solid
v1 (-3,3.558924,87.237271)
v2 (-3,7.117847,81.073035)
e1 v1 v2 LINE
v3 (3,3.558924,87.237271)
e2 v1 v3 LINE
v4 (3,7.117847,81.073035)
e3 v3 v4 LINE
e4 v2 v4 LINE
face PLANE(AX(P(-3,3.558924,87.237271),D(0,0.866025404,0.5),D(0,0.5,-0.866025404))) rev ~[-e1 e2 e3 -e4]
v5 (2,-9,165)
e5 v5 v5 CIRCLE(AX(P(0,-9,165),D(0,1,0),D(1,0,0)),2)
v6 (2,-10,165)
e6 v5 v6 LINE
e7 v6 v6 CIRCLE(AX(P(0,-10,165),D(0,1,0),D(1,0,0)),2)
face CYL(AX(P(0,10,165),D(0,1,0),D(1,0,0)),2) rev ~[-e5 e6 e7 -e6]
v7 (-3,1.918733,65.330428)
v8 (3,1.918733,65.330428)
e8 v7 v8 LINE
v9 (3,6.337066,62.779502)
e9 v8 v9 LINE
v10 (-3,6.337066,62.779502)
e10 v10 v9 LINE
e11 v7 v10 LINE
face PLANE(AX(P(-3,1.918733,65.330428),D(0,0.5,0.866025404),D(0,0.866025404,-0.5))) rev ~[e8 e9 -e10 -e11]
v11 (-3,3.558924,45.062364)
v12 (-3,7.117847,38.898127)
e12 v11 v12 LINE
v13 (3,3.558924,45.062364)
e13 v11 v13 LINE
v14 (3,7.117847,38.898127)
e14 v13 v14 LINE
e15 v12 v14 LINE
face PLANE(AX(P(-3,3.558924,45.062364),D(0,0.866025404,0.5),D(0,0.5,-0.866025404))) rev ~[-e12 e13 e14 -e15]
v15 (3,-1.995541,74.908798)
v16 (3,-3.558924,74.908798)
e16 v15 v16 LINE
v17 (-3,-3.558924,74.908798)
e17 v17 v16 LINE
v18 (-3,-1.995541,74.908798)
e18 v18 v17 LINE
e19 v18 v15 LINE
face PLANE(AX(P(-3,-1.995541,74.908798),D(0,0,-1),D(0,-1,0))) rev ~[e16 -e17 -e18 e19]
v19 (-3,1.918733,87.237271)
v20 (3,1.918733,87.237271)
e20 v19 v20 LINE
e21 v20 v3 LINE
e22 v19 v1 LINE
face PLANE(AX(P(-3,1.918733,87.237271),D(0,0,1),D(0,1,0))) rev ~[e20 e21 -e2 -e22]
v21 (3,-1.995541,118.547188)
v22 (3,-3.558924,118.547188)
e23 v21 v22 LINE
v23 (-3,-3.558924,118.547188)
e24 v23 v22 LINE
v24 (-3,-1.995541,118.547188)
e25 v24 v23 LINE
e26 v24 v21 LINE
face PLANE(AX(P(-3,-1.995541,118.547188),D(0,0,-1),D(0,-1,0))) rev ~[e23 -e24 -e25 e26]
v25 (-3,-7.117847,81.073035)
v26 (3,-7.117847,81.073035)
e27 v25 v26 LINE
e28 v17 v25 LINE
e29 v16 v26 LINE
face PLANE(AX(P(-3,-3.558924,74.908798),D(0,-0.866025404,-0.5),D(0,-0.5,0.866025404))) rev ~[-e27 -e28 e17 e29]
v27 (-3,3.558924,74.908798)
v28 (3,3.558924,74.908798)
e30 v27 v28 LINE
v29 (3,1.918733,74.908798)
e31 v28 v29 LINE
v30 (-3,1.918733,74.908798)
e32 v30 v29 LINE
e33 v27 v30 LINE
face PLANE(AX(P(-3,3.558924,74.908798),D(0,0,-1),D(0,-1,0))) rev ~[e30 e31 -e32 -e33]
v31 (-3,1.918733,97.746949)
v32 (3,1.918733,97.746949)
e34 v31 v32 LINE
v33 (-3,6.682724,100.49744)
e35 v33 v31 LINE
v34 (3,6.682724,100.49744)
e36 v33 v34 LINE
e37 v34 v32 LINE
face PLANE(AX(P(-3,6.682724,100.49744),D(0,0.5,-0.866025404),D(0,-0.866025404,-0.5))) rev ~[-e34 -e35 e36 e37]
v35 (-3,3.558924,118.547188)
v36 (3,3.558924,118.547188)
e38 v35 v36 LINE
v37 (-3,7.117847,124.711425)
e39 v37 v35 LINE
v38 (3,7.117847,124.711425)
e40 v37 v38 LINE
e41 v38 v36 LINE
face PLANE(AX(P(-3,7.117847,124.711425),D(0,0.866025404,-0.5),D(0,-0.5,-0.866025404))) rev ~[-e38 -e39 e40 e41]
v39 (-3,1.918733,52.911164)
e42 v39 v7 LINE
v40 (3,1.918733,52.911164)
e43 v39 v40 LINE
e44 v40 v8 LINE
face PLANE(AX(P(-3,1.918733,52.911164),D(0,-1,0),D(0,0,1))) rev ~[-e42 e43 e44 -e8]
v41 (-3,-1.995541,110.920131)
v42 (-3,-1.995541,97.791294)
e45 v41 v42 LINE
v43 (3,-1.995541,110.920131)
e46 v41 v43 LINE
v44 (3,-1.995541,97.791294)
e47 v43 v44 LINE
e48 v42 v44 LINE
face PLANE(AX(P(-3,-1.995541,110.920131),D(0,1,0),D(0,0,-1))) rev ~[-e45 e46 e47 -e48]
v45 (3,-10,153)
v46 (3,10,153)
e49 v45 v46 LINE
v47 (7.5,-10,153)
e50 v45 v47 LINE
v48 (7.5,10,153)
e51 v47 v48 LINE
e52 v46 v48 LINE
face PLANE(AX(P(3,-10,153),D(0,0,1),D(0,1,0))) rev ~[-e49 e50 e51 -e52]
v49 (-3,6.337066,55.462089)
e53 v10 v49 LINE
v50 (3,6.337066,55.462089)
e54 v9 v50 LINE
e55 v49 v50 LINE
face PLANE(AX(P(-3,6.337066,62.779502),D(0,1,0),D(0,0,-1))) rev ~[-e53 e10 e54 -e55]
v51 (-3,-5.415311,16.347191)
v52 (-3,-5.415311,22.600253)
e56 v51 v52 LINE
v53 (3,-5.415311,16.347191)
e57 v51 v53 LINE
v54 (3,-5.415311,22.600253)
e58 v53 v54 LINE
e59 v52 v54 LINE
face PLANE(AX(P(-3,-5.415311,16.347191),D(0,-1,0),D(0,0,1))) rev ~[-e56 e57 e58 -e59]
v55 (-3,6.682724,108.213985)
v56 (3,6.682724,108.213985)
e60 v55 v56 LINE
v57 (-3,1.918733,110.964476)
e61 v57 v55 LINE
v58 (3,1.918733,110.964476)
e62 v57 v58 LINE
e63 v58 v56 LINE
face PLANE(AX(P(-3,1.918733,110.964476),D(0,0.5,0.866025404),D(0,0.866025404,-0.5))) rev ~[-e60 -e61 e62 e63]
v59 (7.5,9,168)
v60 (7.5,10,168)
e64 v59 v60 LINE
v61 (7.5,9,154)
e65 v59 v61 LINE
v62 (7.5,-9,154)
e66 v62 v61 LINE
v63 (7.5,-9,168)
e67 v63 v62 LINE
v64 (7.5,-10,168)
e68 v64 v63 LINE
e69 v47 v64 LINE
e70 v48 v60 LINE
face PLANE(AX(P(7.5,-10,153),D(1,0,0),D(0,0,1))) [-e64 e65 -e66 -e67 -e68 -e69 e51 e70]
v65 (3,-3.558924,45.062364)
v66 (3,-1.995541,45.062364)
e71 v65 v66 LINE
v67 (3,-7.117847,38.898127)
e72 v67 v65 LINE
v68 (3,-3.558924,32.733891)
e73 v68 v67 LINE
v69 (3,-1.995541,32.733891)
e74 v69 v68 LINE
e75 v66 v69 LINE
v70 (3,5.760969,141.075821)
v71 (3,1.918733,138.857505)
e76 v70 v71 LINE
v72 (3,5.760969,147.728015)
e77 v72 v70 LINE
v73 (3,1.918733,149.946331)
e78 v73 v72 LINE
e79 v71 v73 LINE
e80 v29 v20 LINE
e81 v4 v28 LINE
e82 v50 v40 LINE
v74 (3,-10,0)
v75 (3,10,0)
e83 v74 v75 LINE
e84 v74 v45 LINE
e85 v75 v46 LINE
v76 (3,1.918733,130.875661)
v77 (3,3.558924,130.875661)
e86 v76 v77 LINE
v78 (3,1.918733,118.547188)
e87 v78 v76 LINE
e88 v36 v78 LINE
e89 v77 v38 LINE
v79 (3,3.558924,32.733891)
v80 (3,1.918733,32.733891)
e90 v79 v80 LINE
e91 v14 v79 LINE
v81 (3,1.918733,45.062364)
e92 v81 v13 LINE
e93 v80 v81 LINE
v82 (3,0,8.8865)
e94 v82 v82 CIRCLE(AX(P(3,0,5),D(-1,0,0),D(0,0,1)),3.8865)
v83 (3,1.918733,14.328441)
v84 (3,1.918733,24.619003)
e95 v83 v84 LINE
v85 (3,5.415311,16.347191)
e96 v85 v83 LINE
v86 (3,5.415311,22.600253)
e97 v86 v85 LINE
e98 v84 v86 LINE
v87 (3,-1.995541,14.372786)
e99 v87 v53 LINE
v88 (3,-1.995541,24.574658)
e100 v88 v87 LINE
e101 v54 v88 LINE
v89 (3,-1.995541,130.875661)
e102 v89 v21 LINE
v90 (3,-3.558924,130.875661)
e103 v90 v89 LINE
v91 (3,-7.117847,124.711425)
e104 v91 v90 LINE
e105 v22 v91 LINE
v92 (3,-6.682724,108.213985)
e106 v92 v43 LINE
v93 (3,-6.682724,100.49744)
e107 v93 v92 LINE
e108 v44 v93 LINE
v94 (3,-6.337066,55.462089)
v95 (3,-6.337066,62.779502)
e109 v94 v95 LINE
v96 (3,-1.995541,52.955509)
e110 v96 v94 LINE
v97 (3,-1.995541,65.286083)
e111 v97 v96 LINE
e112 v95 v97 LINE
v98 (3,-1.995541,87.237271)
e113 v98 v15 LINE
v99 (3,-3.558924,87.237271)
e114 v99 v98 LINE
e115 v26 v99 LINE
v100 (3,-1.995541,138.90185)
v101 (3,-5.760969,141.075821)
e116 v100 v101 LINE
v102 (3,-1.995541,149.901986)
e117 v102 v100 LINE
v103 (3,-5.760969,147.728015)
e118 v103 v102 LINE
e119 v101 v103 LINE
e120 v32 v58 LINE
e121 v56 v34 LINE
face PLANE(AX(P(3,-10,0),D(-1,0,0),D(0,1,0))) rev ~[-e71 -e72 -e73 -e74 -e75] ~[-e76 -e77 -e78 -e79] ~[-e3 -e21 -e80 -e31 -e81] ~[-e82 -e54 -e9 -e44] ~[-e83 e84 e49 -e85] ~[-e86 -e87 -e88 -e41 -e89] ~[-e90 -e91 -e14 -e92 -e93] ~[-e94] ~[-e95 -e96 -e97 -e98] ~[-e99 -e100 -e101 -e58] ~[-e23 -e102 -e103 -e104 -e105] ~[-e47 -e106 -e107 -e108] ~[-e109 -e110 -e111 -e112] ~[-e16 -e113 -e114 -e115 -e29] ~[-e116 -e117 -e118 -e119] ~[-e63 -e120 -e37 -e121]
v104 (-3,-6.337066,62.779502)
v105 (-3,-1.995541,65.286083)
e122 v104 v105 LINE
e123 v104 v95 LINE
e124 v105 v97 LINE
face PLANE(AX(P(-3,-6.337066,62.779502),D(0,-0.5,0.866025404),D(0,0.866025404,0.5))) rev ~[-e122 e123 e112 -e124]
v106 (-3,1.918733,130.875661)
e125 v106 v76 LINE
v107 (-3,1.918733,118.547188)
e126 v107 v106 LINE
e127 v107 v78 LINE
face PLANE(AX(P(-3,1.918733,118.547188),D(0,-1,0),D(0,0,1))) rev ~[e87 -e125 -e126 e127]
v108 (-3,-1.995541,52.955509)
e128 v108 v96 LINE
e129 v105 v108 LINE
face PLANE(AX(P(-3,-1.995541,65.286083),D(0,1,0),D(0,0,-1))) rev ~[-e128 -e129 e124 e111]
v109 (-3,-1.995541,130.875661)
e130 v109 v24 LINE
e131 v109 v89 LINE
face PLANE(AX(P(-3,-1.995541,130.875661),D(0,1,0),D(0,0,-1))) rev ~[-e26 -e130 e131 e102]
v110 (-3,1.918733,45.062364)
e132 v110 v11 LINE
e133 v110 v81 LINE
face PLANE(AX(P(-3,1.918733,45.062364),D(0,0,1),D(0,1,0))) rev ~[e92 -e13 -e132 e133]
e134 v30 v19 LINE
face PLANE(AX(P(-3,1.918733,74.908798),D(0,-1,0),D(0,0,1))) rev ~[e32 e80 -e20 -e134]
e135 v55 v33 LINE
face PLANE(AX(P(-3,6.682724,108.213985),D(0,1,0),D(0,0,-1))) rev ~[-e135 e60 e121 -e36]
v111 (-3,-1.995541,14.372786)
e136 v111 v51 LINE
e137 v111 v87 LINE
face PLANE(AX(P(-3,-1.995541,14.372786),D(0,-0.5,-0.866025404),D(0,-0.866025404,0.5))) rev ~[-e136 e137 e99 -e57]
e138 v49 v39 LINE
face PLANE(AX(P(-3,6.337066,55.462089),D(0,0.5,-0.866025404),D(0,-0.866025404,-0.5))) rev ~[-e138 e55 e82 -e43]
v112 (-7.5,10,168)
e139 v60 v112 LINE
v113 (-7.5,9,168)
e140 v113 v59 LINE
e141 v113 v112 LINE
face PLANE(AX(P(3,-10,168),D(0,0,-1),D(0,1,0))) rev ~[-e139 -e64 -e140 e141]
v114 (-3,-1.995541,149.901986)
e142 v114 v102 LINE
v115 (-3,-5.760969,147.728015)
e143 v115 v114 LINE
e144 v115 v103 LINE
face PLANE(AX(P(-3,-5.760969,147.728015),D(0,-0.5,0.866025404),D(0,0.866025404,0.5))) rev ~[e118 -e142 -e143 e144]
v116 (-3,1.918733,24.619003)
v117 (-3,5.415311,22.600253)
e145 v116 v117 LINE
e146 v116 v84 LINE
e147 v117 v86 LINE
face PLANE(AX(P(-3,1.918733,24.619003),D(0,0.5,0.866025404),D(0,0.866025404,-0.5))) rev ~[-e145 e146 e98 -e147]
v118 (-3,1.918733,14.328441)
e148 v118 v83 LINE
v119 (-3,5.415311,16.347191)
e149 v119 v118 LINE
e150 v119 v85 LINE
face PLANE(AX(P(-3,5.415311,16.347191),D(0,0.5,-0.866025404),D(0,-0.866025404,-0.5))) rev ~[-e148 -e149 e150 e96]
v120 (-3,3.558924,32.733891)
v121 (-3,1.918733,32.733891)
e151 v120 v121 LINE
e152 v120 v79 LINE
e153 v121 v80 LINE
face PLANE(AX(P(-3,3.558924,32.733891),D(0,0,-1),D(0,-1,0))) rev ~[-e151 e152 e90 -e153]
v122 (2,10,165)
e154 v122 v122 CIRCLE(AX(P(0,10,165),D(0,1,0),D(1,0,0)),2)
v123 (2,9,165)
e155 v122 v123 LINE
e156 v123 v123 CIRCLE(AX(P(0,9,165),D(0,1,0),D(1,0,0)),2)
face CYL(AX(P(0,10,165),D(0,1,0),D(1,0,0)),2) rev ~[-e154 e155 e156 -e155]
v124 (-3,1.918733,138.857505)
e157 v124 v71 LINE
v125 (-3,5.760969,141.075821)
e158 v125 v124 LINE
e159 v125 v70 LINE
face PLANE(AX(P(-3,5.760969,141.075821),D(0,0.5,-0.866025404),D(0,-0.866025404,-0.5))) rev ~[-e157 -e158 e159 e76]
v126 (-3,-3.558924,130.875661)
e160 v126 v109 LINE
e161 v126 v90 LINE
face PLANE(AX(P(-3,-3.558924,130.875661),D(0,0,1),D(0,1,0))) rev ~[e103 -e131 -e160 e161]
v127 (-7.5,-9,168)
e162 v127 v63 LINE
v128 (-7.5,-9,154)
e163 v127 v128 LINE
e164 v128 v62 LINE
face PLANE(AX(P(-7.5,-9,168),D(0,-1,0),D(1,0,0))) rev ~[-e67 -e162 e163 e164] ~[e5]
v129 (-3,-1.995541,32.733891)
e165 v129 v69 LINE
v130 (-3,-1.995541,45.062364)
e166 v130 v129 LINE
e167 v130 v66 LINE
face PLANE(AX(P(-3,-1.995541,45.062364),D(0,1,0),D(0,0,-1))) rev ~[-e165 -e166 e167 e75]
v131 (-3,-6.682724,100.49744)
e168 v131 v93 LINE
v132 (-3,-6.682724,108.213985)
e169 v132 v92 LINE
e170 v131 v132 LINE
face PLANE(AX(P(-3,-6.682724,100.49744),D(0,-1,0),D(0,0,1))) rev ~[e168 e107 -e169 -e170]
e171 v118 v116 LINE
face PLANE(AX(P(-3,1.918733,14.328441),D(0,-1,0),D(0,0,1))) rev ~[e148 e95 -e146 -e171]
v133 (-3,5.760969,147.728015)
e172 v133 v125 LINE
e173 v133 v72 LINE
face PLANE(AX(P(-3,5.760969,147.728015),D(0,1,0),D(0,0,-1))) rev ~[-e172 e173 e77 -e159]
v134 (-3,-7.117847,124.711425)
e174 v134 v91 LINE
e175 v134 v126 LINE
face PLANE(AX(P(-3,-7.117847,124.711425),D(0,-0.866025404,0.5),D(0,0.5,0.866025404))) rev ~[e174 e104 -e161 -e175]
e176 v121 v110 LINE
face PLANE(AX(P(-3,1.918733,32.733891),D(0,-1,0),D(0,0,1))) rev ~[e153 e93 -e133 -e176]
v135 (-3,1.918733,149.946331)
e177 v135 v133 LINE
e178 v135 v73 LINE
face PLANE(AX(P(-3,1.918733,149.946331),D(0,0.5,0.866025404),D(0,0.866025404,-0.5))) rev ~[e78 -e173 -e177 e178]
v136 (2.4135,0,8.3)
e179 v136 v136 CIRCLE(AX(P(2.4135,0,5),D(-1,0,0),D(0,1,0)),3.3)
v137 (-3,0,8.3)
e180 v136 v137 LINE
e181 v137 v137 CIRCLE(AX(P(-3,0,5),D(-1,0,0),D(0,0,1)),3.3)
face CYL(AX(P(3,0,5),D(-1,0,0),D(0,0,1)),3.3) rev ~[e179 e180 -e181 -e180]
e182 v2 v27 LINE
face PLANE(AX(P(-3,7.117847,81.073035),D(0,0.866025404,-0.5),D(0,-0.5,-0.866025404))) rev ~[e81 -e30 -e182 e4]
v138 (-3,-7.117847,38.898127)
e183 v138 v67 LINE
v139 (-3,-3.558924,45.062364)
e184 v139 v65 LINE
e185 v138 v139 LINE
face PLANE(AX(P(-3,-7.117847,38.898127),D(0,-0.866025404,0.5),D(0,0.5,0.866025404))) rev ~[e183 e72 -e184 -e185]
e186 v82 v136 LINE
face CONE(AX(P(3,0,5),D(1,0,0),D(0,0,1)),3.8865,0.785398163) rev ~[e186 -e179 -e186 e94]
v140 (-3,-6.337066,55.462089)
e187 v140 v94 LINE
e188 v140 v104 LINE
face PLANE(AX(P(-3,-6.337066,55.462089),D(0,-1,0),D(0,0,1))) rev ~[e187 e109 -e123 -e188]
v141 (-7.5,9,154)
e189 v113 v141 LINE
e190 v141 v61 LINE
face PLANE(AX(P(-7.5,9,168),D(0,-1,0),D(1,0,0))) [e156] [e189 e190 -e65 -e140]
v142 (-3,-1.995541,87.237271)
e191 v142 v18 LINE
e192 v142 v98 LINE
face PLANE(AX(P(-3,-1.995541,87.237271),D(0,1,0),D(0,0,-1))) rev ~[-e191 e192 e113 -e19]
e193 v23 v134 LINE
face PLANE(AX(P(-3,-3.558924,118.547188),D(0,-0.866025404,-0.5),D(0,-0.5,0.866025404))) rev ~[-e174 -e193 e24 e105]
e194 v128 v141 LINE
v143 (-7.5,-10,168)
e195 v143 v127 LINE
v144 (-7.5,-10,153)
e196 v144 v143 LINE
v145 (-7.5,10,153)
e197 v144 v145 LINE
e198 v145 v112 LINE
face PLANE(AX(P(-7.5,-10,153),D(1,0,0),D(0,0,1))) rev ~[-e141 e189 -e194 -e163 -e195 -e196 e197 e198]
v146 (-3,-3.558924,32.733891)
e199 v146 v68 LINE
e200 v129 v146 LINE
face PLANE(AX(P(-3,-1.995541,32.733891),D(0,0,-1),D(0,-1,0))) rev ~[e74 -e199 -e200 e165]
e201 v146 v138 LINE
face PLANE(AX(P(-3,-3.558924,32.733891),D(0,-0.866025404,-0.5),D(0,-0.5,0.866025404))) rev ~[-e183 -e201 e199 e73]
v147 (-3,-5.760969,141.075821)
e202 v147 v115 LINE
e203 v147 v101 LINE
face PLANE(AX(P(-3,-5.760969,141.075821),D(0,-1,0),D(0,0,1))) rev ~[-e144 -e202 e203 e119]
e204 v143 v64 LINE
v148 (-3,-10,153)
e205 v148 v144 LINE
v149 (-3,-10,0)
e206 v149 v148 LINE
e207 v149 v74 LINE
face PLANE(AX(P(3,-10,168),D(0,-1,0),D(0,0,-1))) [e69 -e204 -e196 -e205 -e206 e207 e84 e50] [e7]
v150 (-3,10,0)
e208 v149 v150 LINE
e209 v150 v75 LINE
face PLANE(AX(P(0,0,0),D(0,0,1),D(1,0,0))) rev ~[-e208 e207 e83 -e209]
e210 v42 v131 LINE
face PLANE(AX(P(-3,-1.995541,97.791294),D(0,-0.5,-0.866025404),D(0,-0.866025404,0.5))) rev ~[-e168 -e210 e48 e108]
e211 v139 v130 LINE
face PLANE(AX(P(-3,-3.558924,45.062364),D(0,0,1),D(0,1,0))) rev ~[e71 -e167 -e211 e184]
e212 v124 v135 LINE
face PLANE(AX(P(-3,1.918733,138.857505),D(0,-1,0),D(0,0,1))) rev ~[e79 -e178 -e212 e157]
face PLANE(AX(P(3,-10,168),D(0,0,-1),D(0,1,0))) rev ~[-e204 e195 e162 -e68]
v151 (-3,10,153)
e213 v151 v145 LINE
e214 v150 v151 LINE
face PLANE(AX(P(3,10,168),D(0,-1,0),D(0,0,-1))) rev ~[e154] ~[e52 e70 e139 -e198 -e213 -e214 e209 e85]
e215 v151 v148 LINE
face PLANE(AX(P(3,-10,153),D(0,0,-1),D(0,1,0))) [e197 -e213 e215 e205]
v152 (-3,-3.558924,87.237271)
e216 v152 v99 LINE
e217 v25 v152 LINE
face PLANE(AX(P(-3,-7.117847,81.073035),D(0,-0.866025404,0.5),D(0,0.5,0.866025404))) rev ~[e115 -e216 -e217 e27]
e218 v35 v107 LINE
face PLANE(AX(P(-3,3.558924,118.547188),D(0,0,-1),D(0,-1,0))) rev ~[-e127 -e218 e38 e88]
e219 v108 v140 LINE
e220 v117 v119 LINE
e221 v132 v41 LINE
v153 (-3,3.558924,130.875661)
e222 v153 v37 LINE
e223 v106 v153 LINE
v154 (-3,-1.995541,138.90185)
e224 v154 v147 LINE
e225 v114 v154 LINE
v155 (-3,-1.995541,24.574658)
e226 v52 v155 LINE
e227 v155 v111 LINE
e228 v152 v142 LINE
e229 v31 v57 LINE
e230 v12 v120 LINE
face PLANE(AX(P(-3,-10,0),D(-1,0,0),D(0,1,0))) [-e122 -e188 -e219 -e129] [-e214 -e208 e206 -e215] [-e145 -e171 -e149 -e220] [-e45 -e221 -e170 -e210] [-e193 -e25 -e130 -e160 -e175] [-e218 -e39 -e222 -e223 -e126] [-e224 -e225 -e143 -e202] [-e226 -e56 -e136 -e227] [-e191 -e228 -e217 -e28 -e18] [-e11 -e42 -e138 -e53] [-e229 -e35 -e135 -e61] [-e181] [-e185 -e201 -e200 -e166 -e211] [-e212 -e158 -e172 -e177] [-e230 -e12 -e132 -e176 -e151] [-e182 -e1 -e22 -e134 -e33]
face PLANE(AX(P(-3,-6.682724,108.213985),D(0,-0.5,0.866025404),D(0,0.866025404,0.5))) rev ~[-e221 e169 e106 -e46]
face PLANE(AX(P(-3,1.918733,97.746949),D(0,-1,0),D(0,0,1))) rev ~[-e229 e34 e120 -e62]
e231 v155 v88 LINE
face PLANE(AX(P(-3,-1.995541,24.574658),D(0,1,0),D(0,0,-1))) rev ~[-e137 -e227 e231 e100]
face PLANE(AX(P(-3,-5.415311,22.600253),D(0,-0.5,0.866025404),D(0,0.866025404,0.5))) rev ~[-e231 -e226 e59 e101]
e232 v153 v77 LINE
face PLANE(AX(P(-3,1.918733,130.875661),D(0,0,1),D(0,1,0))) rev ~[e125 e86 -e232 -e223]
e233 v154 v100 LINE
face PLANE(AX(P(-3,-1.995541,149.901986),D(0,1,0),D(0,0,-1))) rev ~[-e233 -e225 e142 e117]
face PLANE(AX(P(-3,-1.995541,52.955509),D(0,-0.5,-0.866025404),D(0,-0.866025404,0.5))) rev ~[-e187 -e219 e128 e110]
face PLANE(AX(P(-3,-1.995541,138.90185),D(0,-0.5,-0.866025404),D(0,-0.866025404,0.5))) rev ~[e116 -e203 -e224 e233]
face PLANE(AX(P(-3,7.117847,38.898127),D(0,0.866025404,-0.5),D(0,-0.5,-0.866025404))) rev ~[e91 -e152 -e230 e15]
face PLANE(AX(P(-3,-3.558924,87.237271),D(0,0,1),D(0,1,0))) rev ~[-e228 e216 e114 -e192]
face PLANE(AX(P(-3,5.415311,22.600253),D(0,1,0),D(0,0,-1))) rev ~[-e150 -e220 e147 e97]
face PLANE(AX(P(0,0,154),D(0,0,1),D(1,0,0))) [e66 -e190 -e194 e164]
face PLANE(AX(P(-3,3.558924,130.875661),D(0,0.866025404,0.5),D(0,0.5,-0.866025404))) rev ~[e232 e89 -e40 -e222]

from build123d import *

# Parameters (mm, degrees)
SKETCH_1_W                      = 6
SKETCH_1_H                      = 20
EXTRUDE_1_DEPTH                 = 165
HOLE_WIZARD_G1_16_1_D           = 6.6
HOLE_WIZARD_G1_16_1_DEPTH       = 50
HOLE_WIZARD_G1_16_1_CSINK_D     = 7.773
HOLE_WIZARD_G1_16_1_CSINK_ANGLE = 90
HOLE_WIZARD_G1_16_1_TIP         = 1.982840043
SKETCH_5_W                      = 15
SKETCH_5_H                      = 20
EXTRUDE_2_DEPTH                 = 10
EXTRUDE_2_DEPTH_BACK            = 15
SKETCH_6_W                      = 5.5
SKETCH_6_H                      = 15
SKETCH_6_W_2                    = 4.5
CUT_EXTRUDE_1_DEPTH             = 32
SKETCH_7_W                      = 15
SKETCH_7_H                      = 18
CUT_EXTRUDE_2_DEPTH             = 14
SKETCH_8_R                      = 2
CUT_EXTRUDE_3_DEPTH             = 39
CUT_EXTRUDE_4_DEPTH             = 70


with BuildPart() as part:
    # 草图1 → 凸台-拉伸1 (new body)
    with BuildSketch(Plane.XY):
        Rectangle(SKETCH_1_W, SKETCH_1_H)
    extrude(amount=EXTRUDE_1_DEPTH)

    # G1/16 螺纹孔1
    with Locations(Plane(origin=(3, 0, 0), x_dir=(0, 0, -1), z_dir=(1, 0, 0))):
        with Locations((-5, 0)):
            CounterSinkHole(HOLE_WIZARD_G1_16_1_D / 2, HOLE_WIZARD_G1_16_1_CSINK_D / 2, depth=HOLE_WIZARD_G1_16_1_DEPTH, counter_sink_angle=HOLE_WIZARD_G1_16_1_CSINK_ANGLE)
            with Locations((0, 0, -(HOLE_WIZARD_G1_16_1_DEPTH + HOLE_WIZARD_G1_16_1_TIP / 2))):  # 118° drill point
                Cone(0, HOLE_WIZARD_G1_16_1_D / 2, HOLE_WIZARD_G1_16_1_TIP, mode=Mode.SUBTRACT)

    # 草图5 → 凸台-拉伸2 (add, two sides)
    with BuildSketch(Plane(origin=(3, 0, 0), x_dir=(0, 0, -1), z_dir=(1, 0, 0))) as extrude_2_sk:
        with Locations((-160.5, 0)):
            Rectangle(SKETCH_5_W, SKETCH_5_H)
    extrude(amount=EXTRUDE_2_DEPTH)
    extrude(extrude_2_sk.sketch, amount=-EXTRUDE_2_DEPTH_BACK)

    # 草图6 → 切除-拉伸1 (cut)
    with BuildSketch(Plane.XZ.offset(10)):
        with Locations((10.25, 160.5)):
            Rectangle(SKETCH_6_W, SKETCH_6_H)
        with Locations((-9.75, 160.5)):
            Rectangle(SKETCH_6_W_2, SKETCH_6_H)
    extrude(amount=-CUT_EXTRUDE_1_DEPTH, mode=Mode.SUBTRACT)

    # 草图7 → 切除-拉伸2 (cut)
    with BuildSketch(Plane.XY.offset(168)):
        Rectangle(SKETCH_7_W, SKETCH_7_H)
    extrude(amount=-CUT_EXTRUDE_2_DEPTH, mode=Mode.SUBTRACT)

    # 草图8 → 切除-拉伸3 (cut)
    with BuildSketch(Plane(origin=(0, 10, 0), x_dir=(1, 0, 0), z_dir=(0, 1, 0))):
        with Locations((0, -165)):
            Circle(SKETCH_8_R)
    extrude(amount=-CUT_EXTRUDE_3_DEPTH, mode=Mode.SUBTRACT)

    # 草图9 → 切除-拉伸4 (cut)
    with BuildSketch(Plane.ZY.offset(3)):
        Polygon((14.328441006, 1.918732887), (24.619003084, 1.918732887), (22.600253038, 5.415310533), (16.347191051, 5.415310533), align=None)
        Polygon((22.600253038, -5.415310533), (24.57465807, -1.995540703), (14.372786019, -1.995540703), (16.347191051, -5.415310533), align=None)
        Polygon((32.73389091, 1.918732887), (45.062363825, 1.918732887), (45.062363825, 3.558923578), (38.898127367, 7.117847156), (32.73389091, 3.558923578), align=None)
        Polygon((45.062363825, -3.558923578), (45.062363825, -1.995540703), (32.73389091, -1.995540703), (32.73389091, -3.558923578), (38.898127367, -7.117847156), align=None)
        Polygon((52.911163907, 1.918732887), (65.330427938, 1.918732887), (62.779502404, 6.337065517), (55.46208944, 6.337065517), align=None)
        Polygon((62.779502404, -6.337065517), (65.286082924, -1.995540703), (52.95550892, -1.995540703), (55.46208944, -6.337065517), align=None)
        Polygon((87.237271272, -3.558923578), (87.237271272, -1.995540703), (74.908798357, -1.995540703), (74.908798357, -3.558923578), (81.073034814, -7.117847156), align=None)
        Polygon((74.908798357, 1.918732887), (87.237271272, 1.918732887), (87.237271272, 3.558923578), (81.073034814, 7.117847156), (74.908798357, 3.558923578), align=None)
        Polygon((97.746948796, 1.918732887), (110.964476059, 1.918732887), (108.213984717, 6.682723636), (100.497440137, 6.682723636), align=None)
        Polygon((108.213984717, -6.682723636), (110.920131045, -1.995540703), (97.791293809, -1.995540703), (100.497440137, -6.682723636), align=None)
        Polygon((118.547188397, 1.918732887), (130.875661312, 1.918732887), (130.875661312, 3.558923578), (124.711424854, 7.117847156), (118.547188397, 3.558923578), align=None)
        Polygon((130.875661312, -3.558923578), (130.875661312, -1.995540703), (118.547188397, -1.995540703), (118.547188397, -3.558923578), (124.711424854, -7.117847156), align=None)
        Polygon((138.857505266, 1.918732887), (149.946330576, 1.918732887), (147.728014723, 5.760968652), (141.075821119, 5.760968652), align=None)
        Polygon((147.728014723, -5.760968652), (149.901985563, -1.995540703), (138.901850279, -1.995540703), (141.075821119, -5.760968652), align=None)
    extrude(amount=-CUT_EXTRUDE_4_DEPTH, mode=Mode.SUBTRACT)


solid = part.part
